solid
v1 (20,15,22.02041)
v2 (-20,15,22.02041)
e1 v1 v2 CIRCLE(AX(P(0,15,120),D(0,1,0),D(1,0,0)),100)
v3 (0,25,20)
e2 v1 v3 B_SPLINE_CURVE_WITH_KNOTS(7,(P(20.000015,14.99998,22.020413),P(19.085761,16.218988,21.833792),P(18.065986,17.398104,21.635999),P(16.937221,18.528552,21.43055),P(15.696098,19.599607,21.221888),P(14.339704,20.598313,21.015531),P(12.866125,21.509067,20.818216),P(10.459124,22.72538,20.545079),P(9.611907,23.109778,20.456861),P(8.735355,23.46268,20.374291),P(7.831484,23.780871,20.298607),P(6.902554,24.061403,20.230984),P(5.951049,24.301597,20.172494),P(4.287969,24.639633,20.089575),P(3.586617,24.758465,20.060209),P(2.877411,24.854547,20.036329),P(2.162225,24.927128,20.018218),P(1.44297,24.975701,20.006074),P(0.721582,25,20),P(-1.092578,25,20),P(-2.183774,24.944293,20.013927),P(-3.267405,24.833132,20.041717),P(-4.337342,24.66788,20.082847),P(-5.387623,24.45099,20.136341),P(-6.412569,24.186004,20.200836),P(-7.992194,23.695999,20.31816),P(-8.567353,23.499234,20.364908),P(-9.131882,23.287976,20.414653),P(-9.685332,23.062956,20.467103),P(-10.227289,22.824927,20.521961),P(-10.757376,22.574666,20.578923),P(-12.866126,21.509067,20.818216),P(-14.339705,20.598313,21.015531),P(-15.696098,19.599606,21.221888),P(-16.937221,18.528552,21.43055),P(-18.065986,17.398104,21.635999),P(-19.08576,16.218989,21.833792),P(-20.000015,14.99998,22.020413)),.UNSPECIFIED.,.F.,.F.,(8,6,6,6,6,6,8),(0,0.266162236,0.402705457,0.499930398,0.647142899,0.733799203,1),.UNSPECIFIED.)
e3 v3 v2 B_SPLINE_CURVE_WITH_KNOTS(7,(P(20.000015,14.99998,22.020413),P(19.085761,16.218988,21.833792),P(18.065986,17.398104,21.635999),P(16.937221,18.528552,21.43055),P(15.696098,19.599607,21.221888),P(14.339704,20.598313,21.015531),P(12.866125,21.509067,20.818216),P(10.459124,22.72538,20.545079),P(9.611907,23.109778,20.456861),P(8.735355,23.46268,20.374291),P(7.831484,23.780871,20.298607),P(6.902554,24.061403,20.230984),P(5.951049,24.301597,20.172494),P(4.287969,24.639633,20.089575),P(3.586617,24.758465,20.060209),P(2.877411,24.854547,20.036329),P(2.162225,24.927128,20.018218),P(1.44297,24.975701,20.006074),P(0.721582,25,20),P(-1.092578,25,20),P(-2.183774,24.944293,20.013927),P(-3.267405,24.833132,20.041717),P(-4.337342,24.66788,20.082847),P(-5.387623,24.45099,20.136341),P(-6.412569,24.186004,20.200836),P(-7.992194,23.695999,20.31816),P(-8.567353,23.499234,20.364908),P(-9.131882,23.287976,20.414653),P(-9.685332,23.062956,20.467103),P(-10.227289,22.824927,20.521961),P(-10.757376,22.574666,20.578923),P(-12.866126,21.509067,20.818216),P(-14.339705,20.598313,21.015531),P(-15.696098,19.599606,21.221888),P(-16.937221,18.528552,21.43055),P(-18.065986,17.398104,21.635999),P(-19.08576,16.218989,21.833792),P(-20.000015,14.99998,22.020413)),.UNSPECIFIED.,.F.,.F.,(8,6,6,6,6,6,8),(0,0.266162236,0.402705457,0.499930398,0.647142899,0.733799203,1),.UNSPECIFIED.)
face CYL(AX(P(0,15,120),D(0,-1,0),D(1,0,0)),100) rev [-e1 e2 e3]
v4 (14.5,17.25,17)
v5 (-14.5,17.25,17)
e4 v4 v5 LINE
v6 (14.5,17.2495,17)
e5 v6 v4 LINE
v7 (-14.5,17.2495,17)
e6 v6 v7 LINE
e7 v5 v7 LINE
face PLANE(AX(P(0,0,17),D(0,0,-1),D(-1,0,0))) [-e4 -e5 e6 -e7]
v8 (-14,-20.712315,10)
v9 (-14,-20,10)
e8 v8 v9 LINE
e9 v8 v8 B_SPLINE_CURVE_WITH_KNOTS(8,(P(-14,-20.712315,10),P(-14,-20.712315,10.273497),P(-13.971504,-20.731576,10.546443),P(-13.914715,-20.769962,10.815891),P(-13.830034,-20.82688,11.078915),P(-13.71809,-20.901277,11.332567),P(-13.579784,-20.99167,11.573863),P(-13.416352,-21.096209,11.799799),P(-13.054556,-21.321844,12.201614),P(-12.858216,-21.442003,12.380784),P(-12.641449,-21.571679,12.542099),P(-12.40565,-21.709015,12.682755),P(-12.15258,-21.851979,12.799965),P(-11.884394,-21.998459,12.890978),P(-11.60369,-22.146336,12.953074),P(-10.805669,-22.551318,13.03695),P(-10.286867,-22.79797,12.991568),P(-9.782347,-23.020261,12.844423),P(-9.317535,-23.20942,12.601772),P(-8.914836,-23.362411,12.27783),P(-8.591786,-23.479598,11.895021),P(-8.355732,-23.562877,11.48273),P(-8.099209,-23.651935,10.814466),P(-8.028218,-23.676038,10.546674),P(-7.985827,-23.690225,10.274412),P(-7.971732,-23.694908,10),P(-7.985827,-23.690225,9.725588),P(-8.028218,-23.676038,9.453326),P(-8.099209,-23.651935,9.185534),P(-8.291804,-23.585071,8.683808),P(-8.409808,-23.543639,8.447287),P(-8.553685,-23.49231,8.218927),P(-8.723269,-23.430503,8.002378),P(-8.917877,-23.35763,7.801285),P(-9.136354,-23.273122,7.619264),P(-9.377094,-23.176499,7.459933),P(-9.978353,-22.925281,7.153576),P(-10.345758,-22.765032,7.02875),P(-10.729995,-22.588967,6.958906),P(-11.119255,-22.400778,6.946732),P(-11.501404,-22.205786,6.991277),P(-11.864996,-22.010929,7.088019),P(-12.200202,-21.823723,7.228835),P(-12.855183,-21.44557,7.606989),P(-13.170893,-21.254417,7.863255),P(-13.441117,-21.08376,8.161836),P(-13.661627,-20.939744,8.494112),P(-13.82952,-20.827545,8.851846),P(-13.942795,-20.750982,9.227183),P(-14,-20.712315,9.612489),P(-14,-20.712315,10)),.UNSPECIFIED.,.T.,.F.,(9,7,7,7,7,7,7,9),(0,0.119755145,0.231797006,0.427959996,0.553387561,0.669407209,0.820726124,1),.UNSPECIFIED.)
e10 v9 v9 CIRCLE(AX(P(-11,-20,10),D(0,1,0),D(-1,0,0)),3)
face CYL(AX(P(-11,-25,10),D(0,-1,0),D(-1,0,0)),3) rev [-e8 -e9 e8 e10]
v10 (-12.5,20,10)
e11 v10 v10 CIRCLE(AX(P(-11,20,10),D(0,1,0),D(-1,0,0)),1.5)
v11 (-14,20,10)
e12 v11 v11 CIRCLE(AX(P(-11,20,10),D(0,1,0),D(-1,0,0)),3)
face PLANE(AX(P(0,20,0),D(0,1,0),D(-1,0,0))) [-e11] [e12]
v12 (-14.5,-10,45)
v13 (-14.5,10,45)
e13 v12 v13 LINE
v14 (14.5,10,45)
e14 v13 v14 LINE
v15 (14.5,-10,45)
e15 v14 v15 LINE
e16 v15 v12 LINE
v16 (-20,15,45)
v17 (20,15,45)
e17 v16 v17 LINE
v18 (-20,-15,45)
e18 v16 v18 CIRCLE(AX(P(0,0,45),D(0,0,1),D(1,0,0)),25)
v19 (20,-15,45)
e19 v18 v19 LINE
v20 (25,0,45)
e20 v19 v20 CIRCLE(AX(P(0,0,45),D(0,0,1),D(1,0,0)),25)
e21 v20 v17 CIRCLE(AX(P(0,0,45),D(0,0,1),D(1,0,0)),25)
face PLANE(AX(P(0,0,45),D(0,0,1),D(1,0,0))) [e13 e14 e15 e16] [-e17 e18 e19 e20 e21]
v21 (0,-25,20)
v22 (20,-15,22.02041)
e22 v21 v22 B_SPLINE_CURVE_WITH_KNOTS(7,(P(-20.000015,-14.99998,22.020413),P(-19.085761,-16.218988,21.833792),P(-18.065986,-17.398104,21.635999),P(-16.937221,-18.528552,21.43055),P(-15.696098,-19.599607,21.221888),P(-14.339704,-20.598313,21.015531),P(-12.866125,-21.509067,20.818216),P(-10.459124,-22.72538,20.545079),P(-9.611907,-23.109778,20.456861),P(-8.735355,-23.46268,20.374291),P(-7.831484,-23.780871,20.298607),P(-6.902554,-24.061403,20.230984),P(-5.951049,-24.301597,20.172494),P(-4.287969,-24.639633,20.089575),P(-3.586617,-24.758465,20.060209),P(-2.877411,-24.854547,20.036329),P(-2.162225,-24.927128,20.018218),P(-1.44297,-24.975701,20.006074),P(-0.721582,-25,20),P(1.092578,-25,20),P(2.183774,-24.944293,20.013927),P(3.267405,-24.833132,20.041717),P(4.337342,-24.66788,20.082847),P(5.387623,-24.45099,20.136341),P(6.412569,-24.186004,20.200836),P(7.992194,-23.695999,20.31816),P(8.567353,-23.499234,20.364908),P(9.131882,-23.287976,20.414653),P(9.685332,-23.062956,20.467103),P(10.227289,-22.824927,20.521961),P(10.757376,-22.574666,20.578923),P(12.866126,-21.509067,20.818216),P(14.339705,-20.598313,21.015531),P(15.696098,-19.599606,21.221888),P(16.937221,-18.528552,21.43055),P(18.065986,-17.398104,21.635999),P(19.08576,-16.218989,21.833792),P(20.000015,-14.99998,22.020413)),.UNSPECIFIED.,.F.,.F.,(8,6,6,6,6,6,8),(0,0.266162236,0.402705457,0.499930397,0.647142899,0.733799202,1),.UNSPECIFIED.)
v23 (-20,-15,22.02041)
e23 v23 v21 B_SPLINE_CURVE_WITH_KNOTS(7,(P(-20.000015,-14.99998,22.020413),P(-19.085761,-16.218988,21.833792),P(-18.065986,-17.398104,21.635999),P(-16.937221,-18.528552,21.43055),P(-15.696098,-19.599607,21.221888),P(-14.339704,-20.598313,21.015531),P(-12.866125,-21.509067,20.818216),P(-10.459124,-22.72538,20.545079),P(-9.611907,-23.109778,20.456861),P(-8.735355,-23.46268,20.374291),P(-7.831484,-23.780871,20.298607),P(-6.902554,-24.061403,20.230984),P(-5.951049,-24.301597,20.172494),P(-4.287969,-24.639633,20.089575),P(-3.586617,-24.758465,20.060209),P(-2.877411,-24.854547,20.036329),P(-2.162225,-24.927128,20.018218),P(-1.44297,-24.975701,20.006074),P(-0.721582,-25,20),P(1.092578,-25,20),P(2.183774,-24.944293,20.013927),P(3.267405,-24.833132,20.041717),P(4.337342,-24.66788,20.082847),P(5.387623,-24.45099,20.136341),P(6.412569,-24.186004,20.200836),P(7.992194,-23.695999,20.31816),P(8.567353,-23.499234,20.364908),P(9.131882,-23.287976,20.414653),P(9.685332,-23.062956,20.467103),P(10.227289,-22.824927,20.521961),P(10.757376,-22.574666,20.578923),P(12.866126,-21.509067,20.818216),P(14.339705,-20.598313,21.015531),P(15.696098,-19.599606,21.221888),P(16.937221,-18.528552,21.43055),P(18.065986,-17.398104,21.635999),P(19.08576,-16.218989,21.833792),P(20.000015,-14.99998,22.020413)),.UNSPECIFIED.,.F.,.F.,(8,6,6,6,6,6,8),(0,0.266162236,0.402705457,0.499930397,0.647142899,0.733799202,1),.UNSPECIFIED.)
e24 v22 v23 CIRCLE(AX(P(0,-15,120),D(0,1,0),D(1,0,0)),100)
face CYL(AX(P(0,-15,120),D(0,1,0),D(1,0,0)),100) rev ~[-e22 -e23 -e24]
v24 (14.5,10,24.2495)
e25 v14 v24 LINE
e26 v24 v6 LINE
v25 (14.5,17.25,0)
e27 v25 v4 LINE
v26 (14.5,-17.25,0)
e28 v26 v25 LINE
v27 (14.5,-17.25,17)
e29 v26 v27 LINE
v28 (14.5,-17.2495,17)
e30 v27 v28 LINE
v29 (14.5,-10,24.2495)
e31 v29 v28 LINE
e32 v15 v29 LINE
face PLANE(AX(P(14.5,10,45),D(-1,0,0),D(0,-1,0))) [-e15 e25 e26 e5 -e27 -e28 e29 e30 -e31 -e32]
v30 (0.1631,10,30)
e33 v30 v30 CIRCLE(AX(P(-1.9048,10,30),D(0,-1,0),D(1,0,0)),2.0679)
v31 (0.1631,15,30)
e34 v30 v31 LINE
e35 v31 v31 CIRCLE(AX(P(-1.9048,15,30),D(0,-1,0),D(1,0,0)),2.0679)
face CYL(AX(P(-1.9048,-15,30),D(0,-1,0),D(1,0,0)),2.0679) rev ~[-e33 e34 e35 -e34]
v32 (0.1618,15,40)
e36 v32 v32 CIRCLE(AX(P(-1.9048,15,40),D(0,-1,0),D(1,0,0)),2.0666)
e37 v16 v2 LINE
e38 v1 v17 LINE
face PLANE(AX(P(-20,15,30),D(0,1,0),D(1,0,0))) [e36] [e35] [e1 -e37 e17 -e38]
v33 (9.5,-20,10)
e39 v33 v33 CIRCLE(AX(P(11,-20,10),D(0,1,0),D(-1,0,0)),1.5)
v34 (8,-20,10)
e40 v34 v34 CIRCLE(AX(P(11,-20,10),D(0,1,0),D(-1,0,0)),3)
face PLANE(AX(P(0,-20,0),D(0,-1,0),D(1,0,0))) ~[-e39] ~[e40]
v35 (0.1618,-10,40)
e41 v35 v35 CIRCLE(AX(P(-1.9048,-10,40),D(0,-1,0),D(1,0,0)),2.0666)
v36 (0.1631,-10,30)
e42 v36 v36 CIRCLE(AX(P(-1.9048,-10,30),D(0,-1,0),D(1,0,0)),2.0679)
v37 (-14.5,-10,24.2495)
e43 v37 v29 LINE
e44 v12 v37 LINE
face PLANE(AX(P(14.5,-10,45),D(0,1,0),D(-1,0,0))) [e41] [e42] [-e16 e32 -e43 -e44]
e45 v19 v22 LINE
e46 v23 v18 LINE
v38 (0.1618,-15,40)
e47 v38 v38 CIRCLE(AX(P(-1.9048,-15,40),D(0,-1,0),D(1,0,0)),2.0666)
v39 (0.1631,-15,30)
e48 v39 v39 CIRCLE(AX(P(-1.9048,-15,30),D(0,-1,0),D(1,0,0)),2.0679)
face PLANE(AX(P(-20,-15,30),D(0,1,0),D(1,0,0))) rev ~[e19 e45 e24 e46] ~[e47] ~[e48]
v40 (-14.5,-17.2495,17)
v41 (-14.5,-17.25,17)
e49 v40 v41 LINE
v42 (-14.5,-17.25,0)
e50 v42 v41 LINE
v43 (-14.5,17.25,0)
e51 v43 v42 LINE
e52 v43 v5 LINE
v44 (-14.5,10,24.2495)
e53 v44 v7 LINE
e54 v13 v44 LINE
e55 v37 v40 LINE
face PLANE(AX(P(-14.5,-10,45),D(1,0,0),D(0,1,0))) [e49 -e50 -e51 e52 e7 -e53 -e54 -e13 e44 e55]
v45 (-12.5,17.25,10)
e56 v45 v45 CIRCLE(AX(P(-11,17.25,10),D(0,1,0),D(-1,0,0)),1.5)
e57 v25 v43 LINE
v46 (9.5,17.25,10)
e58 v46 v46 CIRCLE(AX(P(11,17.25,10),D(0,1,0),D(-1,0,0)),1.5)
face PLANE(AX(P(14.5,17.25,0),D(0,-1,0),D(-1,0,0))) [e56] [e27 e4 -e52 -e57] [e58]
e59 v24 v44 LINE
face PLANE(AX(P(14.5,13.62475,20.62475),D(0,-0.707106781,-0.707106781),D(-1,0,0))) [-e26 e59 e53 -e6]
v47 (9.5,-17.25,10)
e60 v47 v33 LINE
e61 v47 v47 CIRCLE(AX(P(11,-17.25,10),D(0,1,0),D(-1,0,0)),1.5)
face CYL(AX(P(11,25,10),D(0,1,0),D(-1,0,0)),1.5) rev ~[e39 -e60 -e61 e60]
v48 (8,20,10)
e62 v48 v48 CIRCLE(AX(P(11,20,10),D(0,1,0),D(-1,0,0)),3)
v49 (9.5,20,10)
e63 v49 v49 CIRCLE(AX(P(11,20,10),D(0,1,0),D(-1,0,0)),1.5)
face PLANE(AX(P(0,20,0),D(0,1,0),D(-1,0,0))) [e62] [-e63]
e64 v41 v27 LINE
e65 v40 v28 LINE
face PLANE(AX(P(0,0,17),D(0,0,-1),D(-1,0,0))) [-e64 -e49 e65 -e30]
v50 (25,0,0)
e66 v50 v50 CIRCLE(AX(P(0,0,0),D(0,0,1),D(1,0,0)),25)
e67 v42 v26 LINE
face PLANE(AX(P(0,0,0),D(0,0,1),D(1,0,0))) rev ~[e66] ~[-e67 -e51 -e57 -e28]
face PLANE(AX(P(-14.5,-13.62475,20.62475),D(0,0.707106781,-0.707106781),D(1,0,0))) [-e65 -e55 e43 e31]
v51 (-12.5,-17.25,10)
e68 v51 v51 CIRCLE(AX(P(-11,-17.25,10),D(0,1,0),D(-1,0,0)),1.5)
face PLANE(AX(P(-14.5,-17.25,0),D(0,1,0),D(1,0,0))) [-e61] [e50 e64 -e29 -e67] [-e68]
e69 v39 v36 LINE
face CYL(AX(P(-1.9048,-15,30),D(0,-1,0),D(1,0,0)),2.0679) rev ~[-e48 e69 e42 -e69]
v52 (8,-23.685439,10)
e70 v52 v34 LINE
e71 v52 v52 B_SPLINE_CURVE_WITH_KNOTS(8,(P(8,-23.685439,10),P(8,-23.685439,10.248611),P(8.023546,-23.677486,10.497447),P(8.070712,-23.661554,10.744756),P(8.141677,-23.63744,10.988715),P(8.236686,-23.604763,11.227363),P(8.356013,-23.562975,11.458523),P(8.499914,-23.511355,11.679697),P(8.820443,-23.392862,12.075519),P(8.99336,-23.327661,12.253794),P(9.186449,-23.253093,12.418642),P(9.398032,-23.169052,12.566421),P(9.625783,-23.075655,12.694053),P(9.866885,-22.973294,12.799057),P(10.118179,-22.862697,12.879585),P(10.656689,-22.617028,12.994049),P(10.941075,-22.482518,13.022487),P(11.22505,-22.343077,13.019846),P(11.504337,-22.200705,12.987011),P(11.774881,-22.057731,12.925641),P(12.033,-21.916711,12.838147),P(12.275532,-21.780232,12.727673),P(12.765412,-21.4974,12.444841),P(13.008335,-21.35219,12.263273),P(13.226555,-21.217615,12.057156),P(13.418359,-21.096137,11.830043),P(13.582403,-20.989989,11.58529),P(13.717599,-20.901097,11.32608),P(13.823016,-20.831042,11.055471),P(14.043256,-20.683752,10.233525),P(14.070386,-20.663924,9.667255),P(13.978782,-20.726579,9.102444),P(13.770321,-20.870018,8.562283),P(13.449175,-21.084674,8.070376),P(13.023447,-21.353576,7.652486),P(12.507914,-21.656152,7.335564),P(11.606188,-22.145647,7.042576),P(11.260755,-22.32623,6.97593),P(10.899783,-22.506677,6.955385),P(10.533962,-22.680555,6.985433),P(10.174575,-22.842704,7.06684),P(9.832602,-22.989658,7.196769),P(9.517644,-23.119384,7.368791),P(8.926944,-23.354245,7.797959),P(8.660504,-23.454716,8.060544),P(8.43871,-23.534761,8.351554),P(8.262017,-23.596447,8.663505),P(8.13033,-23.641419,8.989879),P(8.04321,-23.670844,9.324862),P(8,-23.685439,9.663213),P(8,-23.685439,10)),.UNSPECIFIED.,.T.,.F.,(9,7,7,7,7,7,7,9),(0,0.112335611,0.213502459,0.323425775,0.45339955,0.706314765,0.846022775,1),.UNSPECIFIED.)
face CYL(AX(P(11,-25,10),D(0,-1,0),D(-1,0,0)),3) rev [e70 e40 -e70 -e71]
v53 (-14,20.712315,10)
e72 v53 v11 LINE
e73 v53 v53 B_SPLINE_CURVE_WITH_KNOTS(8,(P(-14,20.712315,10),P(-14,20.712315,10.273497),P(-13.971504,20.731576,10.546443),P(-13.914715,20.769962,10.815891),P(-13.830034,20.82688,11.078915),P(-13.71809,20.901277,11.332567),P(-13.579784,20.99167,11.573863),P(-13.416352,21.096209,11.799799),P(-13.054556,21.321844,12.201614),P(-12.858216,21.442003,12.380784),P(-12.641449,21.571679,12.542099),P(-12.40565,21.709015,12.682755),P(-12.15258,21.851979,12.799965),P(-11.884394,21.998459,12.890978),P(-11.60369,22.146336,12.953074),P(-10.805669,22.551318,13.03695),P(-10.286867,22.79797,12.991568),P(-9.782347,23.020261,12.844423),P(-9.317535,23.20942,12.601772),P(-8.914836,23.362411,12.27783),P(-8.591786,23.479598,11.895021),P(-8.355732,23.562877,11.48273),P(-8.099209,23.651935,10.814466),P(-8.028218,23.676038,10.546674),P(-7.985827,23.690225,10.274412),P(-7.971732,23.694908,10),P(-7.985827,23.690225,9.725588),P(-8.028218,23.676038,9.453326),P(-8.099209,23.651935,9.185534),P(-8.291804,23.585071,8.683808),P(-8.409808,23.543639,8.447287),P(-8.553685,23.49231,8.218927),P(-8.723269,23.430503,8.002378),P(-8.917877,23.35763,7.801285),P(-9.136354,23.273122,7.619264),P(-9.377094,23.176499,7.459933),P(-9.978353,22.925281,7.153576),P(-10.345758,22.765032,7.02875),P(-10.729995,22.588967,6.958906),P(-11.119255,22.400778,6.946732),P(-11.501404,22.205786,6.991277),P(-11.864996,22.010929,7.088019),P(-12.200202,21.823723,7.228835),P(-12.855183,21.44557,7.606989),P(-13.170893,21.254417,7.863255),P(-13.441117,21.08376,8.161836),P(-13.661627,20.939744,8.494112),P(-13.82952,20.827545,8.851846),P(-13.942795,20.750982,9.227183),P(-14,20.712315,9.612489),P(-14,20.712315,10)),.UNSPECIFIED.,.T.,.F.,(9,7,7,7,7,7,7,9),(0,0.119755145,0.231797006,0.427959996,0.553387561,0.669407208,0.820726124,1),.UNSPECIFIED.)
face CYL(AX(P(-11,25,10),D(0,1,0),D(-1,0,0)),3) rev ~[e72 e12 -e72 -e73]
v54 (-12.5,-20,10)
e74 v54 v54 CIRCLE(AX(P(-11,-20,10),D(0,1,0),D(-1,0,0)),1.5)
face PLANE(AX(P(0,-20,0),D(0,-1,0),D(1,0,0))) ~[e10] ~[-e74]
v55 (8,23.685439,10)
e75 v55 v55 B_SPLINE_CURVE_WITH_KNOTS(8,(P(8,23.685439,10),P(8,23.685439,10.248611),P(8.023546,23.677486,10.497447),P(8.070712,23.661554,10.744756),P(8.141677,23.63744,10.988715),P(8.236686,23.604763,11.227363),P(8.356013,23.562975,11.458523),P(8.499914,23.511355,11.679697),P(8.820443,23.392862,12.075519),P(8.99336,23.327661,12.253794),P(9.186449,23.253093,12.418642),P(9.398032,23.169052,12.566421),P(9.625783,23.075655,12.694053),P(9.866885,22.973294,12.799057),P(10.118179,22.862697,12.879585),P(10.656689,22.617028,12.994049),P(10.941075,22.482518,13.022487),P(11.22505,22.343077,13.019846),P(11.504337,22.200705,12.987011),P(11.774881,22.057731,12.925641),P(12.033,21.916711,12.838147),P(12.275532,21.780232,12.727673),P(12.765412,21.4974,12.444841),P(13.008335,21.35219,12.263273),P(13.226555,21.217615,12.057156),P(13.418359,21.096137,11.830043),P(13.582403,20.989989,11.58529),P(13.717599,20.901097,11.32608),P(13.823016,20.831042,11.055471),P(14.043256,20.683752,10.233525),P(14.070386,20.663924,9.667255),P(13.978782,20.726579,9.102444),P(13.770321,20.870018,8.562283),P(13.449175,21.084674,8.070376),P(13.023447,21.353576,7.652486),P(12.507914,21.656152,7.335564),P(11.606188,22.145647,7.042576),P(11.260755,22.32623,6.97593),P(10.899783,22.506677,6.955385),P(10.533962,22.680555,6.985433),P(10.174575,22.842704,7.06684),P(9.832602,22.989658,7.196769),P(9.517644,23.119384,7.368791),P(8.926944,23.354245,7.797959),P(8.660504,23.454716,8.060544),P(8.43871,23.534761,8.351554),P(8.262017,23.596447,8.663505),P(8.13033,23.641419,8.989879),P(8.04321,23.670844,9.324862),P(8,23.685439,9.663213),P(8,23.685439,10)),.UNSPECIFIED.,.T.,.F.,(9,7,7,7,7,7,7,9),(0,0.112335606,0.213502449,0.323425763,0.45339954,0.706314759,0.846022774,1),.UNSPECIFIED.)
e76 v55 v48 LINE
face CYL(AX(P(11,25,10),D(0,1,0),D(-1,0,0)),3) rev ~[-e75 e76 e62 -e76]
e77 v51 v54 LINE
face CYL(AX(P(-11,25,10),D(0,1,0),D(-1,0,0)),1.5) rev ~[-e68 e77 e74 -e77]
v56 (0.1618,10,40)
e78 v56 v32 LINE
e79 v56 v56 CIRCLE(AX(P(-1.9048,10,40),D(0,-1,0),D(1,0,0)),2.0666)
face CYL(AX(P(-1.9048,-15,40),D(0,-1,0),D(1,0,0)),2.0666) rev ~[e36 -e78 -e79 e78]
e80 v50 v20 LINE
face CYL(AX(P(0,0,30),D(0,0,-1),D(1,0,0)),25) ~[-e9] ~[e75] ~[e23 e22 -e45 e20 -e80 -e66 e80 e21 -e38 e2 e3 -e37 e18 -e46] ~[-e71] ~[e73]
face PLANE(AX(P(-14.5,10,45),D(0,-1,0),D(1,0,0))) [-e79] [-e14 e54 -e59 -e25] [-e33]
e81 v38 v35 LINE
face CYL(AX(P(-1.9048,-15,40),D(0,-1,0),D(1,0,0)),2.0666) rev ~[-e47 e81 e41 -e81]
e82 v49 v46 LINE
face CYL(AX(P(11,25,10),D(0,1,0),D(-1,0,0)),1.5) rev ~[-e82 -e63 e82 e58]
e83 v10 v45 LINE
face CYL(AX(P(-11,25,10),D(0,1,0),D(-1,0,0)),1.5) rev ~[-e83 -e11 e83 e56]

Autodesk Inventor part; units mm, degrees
ref_plane "YZ Plane" through (0, 0, 0) normal (1, 0, 0) x (0, 1, 0)
ref_plane "XY Plane" through (0, 0, 0) normal (0, 0, 1) x (1, 0, 0)
sketch "Sketch1" plane through (0, 0, 0) normal (0, 0, 1) x (1, 0, 0)
  circle A0 centre (0, 0) radius 25
  line L0 (-14.5, 17.25) -> (14.5, 17.25)
  line L1 (14.5, 17.25) -> (14.5, -17.25)
  line L2 (14.5, -17.25) -> (-14.5, -17.25)
  line L3 (-14.5, -17.25) -> (-14.5, 17.25)
  dimension "d0" = 50
  dimension "d1" = 29
  dimension "d2" = 34.5
  dimension "d3" = 14.5
  dimension "d4" = 17.25
extrude "Extrusion1" add sketch "Sketch1" along normal blind 30 contours A0 | L0 L1 L2 L3
sketch "Sketch2" plane through (0, 0, 30) normal (0, 0, 1) x (1, 0, 0)
  circle A0 centre (0, 0) radius 25 projected
  line L0 (-20, 15) -> (20, 15)
  line L1 (-20, -15) -> (20, -15)
  dimension "d14" = 30
  dimension "d15" = 15
extrude "Extrusion2" add sketch "Sketch2" along normal blind 15 contours A0 L1 L0
sketch "Sketch4" plane through (-20, 15, 30) normal (0, 1, 0) x (1, 0, 0)
  circle A0 centre (20, -90) radius 100
  line L0 (40, -15) -> (0, -15) projected
  line L1 (-5, 30) -> (-5, -15) projected
  point P0 (20, 30)
  dimension "d16" = 75
  dimension "d17" = 25
  dimension "d18" = 200
extrude "Extrusion4" cut sketch "Sketch4" along normal blind 10
mirror "Mirror1" about plane through (0, 0, 0) normal (0, 1, 0) of "Extrusion4"
sketch "Sketch5" plane through (0, 0, 0) normal (0, 0, -1) x (-1, 0, 0)
  line L0 (14.5, -17.25) -> (-14.5, -17.25)
  line L1 (-14.5, -17.25) -> (-14.5, 17.25)
  line L2 (-14.5, 17.25) -> (14.5, 17.25)
  line L3 (14.5, 17.25) -> (14.5, -17.25)
  point P0 (0, 0)
  dimension "d21" = 34.5
  dimension "d22" = 29
  dimension "d23" = 17.25
  dimension "d24" = 14.5
extrude "Extrusion5" cut sketch "Sketch5" against normal blind 17
ref_plane "Work Plane1" through (0, 25, 0) normal (0, 1, 0) x (-1, 0, 0)
sketch "Sketch6" plane through (0, 25, 0) normal (0, 1, 0) x (-1, 0, 0)
  circle A0 centre (-11, 10) radius 1.5
  circle A1 centre (11, 10) radius 1.5
  line L0 (25, 0) -> (-25, 0) projected
  line L1 (-14.5, 0) -> (-14.5, 17) projected
  point P0 (0, 0)
  point P1 (-14.5, 16.0568)
  dimension "d28" = 3
  dimension "d29" = 3
  dimension "d30" = 10
  dimension "d31" = 10
  dimension "d32" = 22
  dimension "d33" = 3.5
extrude "Extrusion6" cut sketch "Sketch6" against normal blind 50
sketch "Sketch7" plane through (0, 25, 0) normal (0, 1, 0) x (-1, 0, 0)
  circle A0 centre (-11, 10) radius 1.5 projected
  circle A1 centre (-11, 10) radius 3
  circle A2 centre (11, 10) radius 1.5 projected
  circle A3 centre (11, 10) radius 3
  point P0 (0, 0)
  dimension "d36" = 6
  dimension "d37" = 6
extrude "Extrusion7" cut sketch "Sketch7" against normal blind 5 contours A0 | A1 | A2 | A3
mirror "Mirror2" about plane through (0, 0, 0) normal (0, 1, 0) of "Extrusion7"
sketch "Sketch9" plane through (0, 0, 45) normal (0, 0, 1) x (1, 0, 0)
  line L0 (-14.5, 10) -> (14.5, 10)
  line L1 (14.5, 10) -> (14.5, -10)
  line L2 (14.5, -10) -> (-14.5, -10)
  line L3 (-14.5, -10) -> (-14.5, 10)
  line L4 (20, 15) -> (-20, 15) projected
  line L5 (-20, -15) -> (20, -15) projected
  point P0 (0, 0)
  dimension "d57" = 29
  dimension "d58" = 14.5
  dimension "d64" = 5
  dimension "d65" = 5
extrude "Extrusion9" cut sketch "Sketch9" against normal blind 40
chamfer "Chamfer1" distance 7.25 angle 45 2 edges at (0, 10, 17) (0, -10, 17)
sketch "Sketch10" plane through (-20, -15, 45) normal (0, -1, 0) x (1, 0, 0)
  circle A0 centre (18.0952, -5) radius 2.0666
  circle A1 centre (18.0952, -15) radius 2.0679
  line L0 (0, 0) -> (40, 0) projected
  line L1 (7.0094, -25) -> (36.1661, -25)
  arc A2 (0, -22.9796) -> (40, -22.9796) centre (20, 75) ccw projected
  point P0 (20, -45)
  point P1 (18.0952, -25)
  point P2 (32.5952, -28.9432)
  dimension "d66" = 15
  dimension "d67" = 5
extrude "Extrusion10" cut sketch "Sketch10" against normal blind 40
equation "\"d3\" = 0.5 * d1"
equation "\"d4\" = 0.5 * d2"
equation "\"d15\" = 0.5 * d14"
equation "\"d23\" = 0.5 * d21"
equation "\"d24\" = 0.5 * d22"
equation "\"d58\" = 0.5 * d57"
equation "\"d65\" = d64"
properties part number "RL_spider_leg_mount"
